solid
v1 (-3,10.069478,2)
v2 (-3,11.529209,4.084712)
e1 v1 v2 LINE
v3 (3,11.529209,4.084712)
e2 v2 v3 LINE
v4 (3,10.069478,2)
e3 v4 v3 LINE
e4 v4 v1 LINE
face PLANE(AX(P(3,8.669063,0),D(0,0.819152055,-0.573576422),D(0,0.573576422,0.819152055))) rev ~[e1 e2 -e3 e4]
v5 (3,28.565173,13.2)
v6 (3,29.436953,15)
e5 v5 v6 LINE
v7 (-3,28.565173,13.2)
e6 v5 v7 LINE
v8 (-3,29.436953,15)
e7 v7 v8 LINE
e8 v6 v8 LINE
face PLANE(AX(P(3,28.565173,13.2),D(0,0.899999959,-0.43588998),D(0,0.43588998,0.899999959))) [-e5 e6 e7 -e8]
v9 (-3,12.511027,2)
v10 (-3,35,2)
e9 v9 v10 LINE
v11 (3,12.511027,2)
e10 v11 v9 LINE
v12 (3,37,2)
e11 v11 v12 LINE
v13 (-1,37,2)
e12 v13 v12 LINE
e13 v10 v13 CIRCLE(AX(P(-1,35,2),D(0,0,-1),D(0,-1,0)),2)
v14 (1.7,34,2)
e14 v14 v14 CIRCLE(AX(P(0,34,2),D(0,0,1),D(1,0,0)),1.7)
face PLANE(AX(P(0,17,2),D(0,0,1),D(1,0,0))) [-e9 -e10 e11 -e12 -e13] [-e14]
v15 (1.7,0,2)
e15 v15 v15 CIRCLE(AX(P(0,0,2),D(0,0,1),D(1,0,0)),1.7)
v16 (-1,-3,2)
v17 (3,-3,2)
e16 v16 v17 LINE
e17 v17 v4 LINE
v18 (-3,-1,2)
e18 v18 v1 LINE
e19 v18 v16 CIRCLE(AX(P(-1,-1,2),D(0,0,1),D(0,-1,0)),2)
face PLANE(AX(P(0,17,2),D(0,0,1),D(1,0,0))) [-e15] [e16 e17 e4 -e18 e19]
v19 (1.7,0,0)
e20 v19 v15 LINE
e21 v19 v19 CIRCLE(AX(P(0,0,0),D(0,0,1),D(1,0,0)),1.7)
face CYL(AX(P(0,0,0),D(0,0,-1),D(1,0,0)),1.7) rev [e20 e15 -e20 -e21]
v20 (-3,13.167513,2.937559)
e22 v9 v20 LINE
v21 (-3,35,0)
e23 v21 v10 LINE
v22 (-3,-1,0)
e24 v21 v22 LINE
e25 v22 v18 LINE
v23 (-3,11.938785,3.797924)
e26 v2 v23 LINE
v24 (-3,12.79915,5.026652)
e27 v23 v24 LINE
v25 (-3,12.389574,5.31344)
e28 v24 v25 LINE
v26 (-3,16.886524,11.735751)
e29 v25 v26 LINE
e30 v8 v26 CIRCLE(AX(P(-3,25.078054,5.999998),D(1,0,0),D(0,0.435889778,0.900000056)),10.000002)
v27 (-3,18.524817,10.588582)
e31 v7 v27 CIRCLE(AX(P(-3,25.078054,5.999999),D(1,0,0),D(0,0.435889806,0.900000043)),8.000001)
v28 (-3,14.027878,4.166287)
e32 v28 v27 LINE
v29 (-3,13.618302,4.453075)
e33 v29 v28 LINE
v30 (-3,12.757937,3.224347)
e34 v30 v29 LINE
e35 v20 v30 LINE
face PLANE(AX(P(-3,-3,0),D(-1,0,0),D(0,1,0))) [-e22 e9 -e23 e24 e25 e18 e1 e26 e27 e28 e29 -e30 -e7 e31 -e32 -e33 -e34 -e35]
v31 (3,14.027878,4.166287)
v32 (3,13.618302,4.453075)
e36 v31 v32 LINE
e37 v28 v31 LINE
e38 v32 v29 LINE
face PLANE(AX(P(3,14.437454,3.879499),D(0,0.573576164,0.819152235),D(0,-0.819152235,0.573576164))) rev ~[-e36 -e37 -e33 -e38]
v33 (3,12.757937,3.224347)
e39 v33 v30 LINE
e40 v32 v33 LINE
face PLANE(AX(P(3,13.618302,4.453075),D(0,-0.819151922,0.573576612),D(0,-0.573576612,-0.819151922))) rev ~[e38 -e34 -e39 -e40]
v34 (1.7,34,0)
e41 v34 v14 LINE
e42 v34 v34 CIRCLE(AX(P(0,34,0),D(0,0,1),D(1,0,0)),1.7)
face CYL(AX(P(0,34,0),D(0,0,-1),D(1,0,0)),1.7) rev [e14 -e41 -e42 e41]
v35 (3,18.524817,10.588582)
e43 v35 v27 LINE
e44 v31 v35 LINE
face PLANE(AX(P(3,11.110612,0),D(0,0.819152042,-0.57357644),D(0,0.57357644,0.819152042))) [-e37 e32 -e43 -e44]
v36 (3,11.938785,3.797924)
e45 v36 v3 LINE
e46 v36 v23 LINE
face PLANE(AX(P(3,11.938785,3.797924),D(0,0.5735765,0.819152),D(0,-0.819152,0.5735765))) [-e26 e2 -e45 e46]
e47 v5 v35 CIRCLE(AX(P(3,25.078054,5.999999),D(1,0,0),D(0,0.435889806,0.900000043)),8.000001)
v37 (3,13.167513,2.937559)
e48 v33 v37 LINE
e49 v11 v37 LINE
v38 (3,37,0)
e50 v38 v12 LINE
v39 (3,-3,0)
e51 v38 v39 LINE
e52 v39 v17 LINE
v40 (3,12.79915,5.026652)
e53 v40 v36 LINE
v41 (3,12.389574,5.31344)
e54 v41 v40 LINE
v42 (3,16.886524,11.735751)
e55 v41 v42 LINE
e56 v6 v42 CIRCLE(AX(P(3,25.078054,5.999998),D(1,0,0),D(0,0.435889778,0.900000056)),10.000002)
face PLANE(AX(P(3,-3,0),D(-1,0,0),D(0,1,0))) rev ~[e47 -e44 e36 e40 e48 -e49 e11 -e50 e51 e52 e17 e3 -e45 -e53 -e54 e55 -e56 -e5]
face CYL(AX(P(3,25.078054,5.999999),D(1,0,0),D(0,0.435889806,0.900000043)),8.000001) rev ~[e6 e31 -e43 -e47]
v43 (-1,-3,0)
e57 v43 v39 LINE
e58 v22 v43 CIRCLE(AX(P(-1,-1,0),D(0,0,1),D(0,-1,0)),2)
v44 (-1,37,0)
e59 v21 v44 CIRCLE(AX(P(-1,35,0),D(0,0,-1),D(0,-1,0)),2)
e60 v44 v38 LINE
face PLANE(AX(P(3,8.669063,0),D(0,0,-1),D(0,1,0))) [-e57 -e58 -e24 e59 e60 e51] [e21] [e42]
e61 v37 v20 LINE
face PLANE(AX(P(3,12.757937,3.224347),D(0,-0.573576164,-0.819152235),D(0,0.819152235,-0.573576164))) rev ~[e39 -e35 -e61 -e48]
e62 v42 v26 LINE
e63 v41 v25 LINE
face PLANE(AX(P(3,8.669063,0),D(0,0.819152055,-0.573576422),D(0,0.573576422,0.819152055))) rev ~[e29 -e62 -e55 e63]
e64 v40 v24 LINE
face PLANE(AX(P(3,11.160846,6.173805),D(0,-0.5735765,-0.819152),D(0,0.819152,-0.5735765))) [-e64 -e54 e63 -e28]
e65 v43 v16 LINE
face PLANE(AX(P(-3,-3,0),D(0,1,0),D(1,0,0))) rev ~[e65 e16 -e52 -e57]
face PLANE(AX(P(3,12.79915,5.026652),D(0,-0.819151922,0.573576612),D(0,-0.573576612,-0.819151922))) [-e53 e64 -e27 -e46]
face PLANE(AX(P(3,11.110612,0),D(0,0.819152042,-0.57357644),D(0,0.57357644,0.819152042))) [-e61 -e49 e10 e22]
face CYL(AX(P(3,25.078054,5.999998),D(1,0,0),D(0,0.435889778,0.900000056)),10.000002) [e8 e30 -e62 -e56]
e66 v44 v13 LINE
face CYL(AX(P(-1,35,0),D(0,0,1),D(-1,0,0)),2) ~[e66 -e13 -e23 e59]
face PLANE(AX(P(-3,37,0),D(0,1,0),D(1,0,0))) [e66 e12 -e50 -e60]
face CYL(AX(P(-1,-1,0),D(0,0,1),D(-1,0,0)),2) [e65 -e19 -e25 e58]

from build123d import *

# Parameters (mm, degrees)
SKETCH_W     = 6
SKETCH_H     = 40
SKETCH_R     = 1.7
PAD_DEPTH    = 2
FILLET_R     = 2
PAD001_DEPTH = 6
POCKET_DEPTH = 6.001


with BuildPart() as part:
    # Sketch → Pad (new body)
    with BuildSketch(Plane.XY):
        with Locations((0, 17)):
            Rectangle(SKETCH_W, SKETCH_H)
        Circle(SKETCH_R, mode=Mode.SUBTRACT)
        with Locations((0, 34)):
            Circle(SKETCH_R, mode=Mode.SUBTRACT)
    extrude(amount=PAD_DEPTH)

    # Fillet
    fillet_edges = [part.edges().sort_by_distance(p)[0] for p in [
        (-3, -3, 1),
        (-3, 37, 1),
    ]]
    fillet(fillet_edges, radius=FILLET_R)

    # Sketch001 → Pad001 (new body)
    with BuildSketch(Plane.YZ.offset(3)):
        with BuildLine():
            Line((8.669063, 0), (11.110612, 0))
            Line((11.110612, 0), (18.524817, 10.588582))
            ThreePointArc((28.565173, 13.2), (23.064315, 13.742406), (18.524817, 10.588582))
            Line((28.565173, 13.2), (29.436953, 15))
            ThreePointArc((29.436953, 15), (22.560894, 15.678011), (16.886524, 11.735751))
            Line((8.669063, 0), (16.886524, 11.735751))
        make_face()
    extrude(amount=-PAD001_DEPTH)

    # Sketch002 → Pocket (cut, through all)
    with BuildSketch(Plane.YZ.offset(3)):
        Polygon((11.938785, 3.797924), (10.300481, 4.945077), (11.160846, 6.173805), (12.79915, 5.026652), align=None)
        Polygon((13.618302, 4.453075), (12.757937, 3.224347), (13.577089, 2.650771), (14.437454, 3.879499), align=None)
    extrude(amount=-POCKET_DEPTH, mode=Mode.SUBTRACT)


solid = part.part
